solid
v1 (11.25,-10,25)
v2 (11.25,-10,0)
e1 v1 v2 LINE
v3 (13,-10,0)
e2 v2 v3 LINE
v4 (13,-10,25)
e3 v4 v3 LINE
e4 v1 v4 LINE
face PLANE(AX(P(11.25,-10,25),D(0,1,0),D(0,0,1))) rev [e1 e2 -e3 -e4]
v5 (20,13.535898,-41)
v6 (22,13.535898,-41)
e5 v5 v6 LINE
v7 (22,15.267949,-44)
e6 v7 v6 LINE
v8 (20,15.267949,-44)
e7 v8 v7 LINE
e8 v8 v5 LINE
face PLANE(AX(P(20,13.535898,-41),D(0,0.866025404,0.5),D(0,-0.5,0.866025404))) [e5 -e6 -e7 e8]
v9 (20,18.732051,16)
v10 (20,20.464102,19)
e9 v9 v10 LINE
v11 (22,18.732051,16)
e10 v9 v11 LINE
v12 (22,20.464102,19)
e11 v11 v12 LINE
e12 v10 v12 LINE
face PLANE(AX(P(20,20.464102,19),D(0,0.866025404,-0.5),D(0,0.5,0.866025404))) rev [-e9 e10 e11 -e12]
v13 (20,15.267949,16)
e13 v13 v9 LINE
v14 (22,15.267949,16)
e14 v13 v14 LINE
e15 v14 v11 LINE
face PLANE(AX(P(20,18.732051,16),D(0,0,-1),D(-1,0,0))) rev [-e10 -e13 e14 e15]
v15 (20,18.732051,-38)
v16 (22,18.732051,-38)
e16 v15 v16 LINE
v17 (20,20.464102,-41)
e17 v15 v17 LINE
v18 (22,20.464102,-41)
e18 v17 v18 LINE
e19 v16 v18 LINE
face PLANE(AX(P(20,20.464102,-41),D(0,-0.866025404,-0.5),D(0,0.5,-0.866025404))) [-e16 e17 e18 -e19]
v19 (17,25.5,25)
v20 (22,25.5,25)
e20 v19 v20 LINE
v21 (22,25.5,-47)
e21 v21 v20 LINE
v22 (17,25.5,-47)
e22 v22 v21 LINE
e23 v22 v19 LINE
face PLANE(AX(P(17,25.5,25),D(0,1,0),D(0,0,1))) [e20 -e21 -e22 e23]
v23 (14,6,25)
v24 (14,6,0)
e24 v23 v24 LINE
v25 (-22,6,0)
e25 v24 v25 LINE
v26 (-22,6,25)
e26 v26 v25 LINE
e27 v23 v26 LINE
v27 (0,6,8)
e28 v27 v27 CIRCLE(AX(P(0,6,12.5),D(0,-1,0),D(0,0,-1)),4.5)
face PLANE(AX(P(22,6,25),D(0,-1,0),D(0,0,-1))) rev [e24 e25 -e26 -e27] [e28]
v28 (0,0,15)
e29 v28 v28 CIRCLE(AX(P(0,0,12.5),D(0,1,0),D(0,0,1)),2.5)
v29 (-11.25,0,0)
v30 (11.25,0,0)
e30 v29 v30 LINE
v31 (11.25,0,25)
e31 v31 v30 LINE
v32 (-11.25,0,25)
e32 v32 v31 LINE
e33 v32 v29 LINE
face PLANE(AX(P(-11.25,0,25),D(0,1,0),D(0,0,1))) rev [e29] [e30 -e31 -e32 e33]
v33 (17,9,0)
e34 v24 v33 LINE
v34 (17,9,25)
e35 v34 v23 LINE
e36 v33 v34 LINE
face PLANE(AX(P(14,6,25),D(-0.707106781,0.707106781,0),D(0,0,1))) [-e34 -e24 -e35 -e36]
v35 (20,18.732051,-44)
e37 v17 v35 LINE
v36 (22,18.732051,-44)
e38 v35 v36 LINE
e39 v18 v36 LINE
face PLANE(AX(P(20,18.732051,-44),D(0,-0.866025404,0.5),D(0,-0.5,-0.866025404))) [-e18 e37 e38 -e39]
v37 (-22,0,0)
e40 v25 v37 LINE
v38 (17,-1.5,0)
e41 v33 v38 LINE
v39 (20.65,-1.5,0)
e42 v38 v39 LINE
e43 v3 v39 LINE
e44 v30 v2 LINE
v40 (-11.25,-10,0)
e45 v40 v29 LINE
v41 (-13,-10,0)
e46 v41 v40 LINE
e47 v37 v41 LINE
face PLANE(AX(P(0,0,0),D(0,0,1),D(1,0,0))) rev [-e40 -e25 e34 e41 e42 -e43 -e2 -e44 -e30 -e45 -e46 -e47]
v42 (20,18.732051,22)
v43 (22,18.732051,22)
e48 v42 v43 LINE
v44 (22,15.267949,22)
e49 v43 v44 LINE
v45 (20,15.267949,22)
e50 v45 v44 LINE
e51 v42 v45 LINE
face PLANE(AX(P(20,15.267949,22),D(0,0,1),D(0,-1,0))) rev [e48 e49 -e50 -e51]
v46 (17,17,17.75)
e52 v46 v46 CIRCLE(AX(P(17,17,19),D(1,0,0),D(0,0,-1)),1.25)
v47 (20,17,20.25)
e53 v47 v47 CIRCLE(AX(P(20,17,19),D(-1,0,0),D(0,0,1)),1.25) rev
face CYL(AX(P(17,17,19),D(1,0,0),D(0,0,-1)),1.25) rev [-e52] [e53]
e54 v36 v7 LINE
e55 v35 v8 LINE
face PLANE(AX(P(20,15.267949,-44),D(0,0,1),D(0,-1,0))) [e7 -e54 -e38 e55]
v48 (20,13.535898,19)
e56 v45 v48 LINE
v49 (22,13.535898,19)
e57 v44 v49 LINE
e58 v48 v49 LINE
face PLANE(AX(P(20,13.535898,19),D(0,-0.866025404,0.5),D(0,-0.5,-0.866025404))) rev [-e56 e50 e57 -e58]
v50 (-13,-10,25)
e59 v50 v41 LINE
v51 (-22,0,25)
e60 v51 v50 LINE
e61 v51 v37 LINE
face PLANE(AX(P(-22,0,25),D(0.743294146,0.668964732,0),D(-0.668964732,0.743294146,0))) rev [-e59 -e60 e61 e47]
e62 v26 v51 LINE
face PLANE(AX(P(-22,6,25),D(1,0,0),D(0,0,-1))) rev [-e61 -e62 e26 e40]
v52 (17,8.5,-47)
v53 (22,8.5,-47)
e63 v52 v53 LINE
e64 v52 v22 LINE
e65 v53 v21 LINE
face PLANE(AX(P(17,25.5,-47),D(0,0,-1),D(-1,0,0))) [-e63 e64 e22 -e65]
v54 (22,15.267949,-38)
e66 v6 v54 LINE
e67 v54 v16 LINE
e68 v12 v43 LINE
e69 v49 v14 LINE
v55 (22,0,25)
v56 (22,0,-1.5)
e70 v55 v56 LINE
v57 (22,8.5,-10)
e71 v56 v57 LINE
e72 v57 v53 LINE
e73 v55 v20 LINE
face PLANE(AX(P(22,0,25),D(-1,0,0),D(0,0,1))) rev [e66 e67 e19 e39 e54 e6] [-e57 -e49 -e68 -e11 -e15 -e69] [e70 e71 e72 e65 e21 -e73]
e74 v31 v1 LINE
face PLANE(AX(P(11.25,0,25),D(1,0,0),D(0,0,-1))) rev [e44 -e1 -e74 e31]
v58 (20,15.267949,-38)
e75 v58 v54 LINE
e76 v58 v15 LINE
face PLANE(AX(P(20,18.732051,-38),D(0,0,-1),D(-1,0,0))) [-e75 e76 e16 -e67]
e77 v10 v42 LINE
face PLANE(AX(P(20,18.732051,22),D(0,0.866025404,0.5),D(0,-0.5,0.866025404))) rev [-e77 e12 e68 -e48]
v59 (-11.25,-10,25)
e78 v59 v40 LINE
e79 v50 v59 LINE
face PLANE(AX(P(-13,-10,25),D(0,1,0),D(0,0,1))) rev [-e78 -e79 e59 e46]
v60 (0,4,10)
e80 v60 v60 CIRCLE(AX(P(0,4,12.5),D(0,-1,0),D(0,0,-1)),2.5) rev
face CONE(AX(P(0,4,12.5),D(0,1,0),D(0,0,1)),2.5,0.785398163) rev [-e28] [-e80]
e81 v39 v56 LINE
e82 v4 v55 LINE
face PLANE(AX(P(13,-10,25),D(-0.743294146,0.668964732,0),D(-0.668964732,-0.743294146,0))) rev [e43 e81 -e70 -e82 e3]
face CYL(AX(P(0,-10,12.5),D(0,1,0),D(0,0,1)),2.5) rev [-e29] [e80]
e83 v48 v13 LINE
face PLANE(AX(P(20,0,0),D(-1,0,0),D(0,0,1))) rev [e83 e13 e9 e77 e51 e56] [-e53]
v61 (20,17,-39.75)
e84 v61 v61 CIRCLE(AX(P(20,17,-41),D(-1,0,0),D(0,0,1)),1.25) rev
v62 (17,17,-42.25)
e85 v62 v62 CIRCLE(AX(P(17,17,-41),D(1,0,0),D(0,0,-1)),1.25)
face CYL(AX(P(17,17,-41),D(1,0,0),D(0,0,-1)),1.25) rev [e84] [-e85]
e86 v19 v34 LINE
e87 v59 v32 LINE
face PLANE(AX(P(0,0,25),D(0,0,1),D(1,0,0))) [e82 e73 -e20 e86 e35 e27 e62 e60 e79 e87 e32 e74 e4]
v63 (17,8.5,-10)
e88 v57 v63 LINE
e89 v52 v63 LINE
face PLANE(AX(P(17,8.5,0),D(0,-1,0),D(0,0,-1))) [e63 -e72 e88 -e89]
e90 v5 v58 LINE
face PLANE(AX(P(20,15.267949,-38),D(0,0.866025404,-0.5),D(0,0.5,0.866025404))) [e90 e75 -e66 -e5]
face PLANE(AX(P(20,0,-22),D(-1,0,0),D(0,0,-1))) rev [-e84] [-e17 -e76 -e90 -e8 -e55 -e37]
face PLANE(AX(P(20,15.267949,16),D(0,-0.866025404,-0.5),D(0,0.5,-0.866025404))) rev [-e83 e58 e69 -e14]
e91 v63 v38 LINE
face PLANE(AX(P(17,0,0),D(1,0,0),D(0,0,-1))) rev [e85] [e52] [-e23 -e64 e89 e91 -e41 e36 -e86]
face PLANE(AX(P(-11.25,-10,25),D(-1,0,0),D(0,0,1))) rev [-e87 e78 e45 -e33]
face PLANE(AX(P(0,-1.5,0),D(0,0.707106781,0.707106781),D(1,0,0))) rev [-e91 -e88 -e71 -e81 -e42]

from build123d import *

# Parameters (mm, degrees)
BOSS_EXTRUDE1_DEPTH = 25
SKETCH2_R           = 1.25
BOSS_EXTRUDE2_DEPTH = 5
SKETCH3_R           = 2.5
CUT_EXTRUDE1_DEPTH  = 56.436901068
CHAMFER1_SIZE       = 2
CUT_EXTRUDE2_DEPTH  = 2
CHAMFER2_SIZE       = 3
SKETCH5_W           = 0.5
SKETCH5_H           = 47
CUT_EXTRUDE3_DEPTH  = 56.093103017
CHAMFER3_SIZE       = 10


with BuildPart() as part:
    # Sketch1 → Boss-Extrude1 (new body)
    with BuildSketch(Plane.XY):
        Polygon((-11.25, 0), (11.25, 0), (11.25, -10), (13, -10), (22, 0), (22, 6), (-22, 6), (-22, 0), (-13, -10), (-11.25, -10), align=None)
    extrude(amount=BOSS_EXTRUDE1_DEPTH)

    # Sketch2 → Boss-Extrude2 (add)
    with BuildSketch(Plane(origin=(22, 0, 0), x_dir=(0, 0, -1), z_dir=(1, 0, 0))):
        Polygon((-25, 6), (0, 6), (0, 8.5), (47, 8.5), (47, 25.5), (-25, 25.5), align=None)
        with Locations((-19, 17)):
            Circle(SKETCH2_R, mode=Mode.SUBTRACT)
        with Locations((41, 17)):
            Circle(SKETCH2_R, mode=Mode.SUBTRACT)
    extrude(amount=-BOSS_EXTRUDE2_DEPTH)

    # Sketch3 → Cut-Extrude1 (cut, through all)
    with BuildSketch(Plane(origin=(0, 6, 0), x_dir=(1, 0, 0), z_dir=(0, 1, 0))):
        with Locations(Location((0, -12.5, 0), (0, 0, 270))):
            Circle(SKETCH3_R)
    extrude(amount=-CUT_EXTRUDE1_DEPTH, mode=Mode.SUBTRACT)

    # Chamfer1
    chamfer1_edges = [part.edges().sort_by_distance(p)[0] for p in [
        (0, 6, 10),
    ]]
    chamfer(chamfer1_edges, length=CHAMFER1_SIZE)

    # Sketch4 → Cut-Extrude2 (cut)
    with BuildSketch(Plane(origin=(22, 0, 0), x_dir=(0, 0, -1), z_dir=(1, 0, 0))):
        Polygon((-16, 18.732050808), (-16, 15.267949192), (-19, 13.535898385), (-22, 15.267949192), (-22, 18.732050808), (-19, 20.464101615), align=None)
    cut_extrude2 = extrude(amount=-CUT_EXTRUDE2_DEPTH, mode=Mode.SUBTRACT)

    # Mirror1: Cut-Extrude2 across plane
    add(cut_extrude2.mirror(Plane.XY.offset(-11)), mode=Mode.SUBTRACT)

    # Chamfer2
    chamfer2_edges = [part.edges().sort_by_distance(p)[0] for p in [
        (17, 6, 12.5),
    ]]
    chamfer(chamfer2_edges, length=CHAMFER2_SIZE)

    # Sketch5 → Cut-Extrude3 (cut, through all)
    with BuildSketch(Plane.XZ.offset(-8.5)):
        with Locations((16.75, -23.5)):
            Rectangle(SKETCH5_W, SKETCH5_H)
    extrude(amount=-CUT_EXTRUDE3_DEPTH, mode=Mode.SUBTRACT)

    # Chamfer3
    chamfer3_edges = [part.edges().sort_by_distance(p)[0] for p in [
        (19.5, 8.5, 0),
    ]]
    chamfer(chamfer3_edges, length=CHAMFER3_SIZE)


solid = part.part
